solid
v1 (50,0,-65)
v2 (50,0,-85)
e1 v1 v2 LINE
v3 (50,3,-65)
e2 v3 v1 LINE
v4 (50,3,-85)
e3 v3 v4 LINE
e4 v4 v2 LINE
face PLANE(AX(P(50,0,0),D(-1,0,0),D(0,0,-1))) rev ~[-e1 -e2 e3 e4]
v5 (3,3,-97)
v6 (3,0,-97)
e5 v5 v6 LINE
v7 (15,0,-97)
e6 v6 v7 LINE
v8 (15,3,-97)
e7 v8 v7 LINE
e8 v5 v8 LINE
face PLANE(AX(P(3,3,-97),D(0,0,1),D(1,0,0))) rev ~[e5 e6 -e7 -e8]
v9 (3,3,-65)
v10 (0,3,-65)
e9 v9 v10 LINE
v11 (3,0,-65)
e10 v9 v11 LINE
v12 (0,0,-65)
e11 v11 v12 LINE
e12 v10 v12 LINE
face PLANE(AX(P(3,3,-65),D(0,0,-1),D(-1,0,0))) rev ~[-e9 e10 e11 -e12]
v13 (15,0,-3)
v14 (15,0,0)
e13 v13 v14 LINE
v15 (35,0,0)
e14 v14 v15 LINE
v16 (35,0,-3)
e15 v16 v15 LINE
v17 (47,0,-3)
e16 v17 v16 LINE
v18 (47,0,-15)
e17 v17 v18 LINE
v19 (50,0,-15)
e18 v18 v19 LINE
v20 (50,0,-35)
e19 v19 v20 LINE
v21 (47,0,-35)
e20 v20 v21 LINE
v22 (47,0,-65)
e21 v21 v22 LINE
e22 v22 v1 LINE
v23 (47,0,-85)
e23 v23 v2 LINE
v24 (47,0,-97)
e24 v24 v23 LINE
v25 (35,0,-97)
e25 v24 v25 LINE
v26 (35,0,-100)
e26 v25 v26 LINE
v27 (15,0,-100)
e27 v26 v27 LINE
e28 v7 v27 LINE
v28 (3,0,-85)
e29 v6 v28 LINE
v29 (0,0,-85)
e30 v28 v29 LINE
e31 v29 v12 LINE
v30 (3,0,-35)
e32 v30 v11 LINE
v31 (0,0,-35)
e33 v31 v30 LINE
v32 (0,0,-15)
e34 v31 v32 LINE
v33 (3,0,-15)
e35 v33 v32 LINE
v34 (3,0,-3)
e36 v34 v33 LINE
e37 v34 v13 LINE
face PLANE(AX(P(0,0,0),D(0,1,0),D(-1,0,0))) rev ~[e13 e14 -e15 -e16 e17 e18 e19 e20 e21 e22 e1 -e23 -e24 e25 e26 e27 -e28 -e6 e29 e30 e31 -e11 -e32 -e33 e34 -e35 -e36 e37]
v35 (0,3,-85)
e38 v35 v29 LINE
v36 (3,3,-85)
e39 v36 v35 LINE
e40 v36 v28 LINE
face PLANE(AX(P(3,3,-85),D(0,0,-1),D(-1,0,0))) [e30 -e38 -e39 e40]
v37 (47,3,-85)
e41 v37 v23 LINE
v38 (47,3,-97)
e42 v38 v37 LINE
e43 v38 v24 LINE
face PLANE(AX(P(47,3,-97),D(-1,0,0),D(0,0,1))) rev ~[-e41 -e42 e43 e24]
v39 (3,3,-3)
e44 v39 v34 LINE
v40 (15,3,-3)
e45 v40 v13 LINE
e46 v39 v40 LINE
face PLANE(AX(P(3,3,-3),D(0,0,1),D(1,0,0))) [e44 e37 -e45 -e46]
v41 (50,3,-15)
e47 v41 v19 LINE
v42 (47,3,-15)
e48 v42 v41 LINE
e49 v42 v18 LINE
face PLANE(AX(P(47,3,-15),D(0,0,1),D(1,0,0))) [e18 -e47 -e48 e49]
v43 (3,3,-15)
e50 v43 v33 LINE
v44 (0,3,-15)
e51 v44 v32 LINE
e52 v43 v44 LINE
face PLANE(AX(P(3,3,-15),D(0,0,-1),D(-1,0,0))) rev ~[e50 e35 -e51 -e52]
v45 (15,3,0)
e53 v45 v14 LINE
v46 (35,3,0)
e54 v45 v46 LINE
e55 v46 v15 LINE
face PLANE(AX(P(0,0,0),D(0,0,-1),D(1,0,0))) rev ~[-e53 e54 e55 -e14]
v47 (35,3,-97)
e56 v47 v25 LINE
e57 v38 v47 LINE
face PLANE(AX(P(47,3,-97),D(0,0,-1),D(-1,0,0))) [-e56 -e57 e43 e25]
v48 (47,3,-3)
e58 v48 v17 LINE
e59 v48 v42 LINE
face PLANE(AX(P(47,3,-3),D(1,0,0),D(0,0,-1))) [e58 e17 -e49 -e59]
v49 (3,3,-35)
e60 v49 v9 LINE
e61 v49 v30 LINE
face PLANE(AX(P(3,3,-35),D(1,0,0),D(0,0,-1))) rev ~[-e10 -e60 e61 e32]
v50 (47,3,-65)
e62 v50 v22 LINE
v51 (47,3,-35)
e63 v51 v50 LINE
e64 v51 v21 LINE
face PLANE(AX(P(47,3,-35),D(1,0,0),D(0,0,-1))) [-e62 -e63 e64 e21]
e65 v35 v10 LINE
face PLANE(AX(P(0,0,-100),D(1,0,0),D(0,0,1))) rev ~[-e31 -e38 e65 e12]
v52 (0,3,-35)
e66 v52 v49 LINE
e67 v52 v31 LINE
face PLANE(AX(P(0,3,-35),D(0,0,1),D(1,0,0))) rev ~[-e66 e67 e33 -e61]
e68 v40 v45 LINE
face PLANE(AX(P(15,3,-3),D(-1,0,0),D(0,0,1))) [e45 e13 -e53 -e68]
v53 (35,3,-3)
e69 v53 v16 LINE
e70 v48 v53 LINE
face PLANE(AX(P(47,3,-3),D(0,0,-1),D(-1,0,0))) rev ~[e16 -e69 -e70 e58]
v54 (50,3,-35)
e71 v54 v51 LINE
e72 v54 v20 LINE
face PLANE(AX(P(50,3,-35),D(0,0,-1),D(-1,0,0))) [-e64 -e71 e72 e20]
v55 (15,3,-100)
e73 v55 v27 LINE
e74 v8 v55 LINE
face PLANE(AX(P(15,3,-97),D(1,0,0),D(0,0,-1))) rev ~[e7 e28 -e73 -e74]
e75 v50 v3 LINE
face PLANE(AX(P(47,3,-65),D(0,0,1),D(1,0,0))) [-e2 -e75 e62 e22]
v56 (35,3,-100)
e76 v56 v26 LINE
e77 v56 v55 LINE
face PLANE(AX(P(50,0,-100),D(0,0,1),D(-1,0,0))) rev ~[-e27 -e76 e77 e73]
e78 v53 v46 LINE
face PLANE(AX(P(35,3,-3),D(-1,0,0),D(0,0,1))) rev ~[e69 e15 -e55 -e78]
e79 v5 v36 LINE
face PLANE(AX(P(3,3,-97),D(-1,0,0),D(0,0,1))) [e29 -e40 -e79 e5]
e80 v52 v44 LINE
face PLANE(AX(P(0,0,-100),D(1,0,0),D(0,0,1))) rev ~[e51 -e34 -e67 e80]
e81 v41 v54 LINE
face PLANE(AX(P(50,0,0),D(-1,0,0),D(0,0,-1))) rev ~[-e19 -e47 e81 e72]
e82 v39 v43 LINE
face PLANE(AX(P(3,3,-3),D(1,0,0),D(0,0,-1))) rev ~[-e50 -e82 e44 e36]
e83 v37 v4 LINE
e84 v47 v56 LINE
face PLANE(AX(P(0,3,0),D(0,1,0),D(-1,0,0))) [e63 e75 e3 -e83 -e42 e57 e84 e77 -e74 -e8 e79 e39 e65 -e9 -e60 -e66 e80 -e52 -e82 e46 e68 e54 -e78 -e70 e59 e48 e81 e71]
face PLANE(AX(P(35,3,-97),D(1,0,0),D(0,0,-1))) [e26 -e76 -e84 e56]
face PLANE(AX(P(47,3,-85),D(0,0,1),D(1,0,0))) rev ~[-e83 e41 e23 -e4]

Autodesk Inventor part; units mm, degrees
ref_plane "YZ Plane" through (0, 0, 0) normal (1, 0, 0) x (0, 1, 0)
ref_plane "XZ Plane" through (0, 0, 0) normal (0, 1, 0) x (-1, 0, 0)
ref_plane "XY Plane" through (0, 0, 0) normal (0, 0, 1) x (1, 0, 0)
sketch "Sketch1" plane through (0, 0, 0) normal (0, 1, 0) x (-1, 0, 0)
  line L0 (0, 0) -> (-50, 0)
  line L1 (-50, 0) -> (-50, -100)
  line L2 (-50, -100) -> (0, -100)
  line L3 (0, -100) -> (0, 0)
  dimension "d0" = 100
  dimension "d1" = 50
extrude "Base" add sketch "Sketch1" along normal blind 3
sketch "Sketch2" plane through (0, 3, 0) normal (0, 1, 0) x (1, 0, 0)
  line L0 (0, 0) -> (50, 0) projected
  line L1 (50, 100) -> (0, 100) projected
  line L2 (0, 0) -> (3, 0)
  line L3 (3, 100) -> (0, 100)
  line L4 (0, 100) -> (0, 0)
  line L5 (0, 100) -> (0, 0) projected
  line L6 (0, 0) -> (3, 0)
  line L7 (3, 0) -> (3, 15)
  line L8 (3, 15) -> (0, 15)
  line L9 (0, 15) -> (0, 0)
  line L10 (0, 100) -> (3, 100)
  line L11 (3, 100) -> (3, 85)
  line L12 (3, 85) -> (0, 85)
  line L13 (0, 85) -> (0, 100)
  line L14 (0, 35) -> (3, 35)
  line L15 (3, 35) -> (3, 65)
  line L16 (3, 65) -> (0, 65)
  line L17 (0, 65) -> (0, 35)
  line L18 (25, 0) -> (25, 100) construction
  line L19 (50, 0) -> (47, 0)
  line L20 (47, 100) -> (50, 100)
  line L21 (50, 100) -> (50, 0)
  line L22 (50, 100) -> (50, 0)
  line L23 (50, 0) -> (47, 0)
  line L24 (47, 0) -> (47, 15)
  line L25 (47, 15) -> (50, 15)
  line L26 (50, 15) -> (50, 0)
  line L27 (50, 100) -> (47, 100)
  line L28 (47, 100) -> (47, 85)
  line L29 (47, 85) -> (50, 85)
  line L30 (50, 85) -> (50, 100)
  line L31 (50, 35) -> (47, 35)
  line L32 (47, 35) -> (47, 65)
  line L33 (47, 65) -> (50, 65)
  line L34 (50, 65) -> (50, 35)
  line L35 (0, 50) -> (50, 50) construction
  line L36 (50, 0) -> (50, 100) projected
  line L37 (15, 0) -> (3, 0)
  line L38 (3, 0) -> (3, 3)
  line L39 (3, 3) -> (15, 3)
  line L40 (15, 3) -> (15, 0)
  line L41 (50, 0) -> (0, 0)
  line L42 (35, 0) -> (47, 0)
  line L43 (47, 3) -> (35, 3)
  line L44 (35, 3) -> (35, 0)
  line L45 (0, 100) -> (50, 100)
  line L46 (25, 100) -> (25, 0) construction
  line L47 (15, 100) -> (3, 100)
  line L48 (3, 97) -> (15, 97)
  line L49 (15, 97) -> (15, 100)
  line L50 (50, 100) -> (0, 100)
  line L51 (47, 97) -> (35, 97)
  line L52 (35, 100) -> (47, 100)
  line L53 (35, 97) -> (35, 100)
  point P0 (0, 15)
  point P1 (0, 85)
  point P2 (3, 100)
  point P3 (0, 100)
  point P4 (0, 65)
  point P5 (0, 35)
  point P6 (47, 100)
  point P7 (50, 100)
  point P8 (47, 97)
  point P9 (35, 100)
  point P10 (15, 100)
  point P11 (3, 97)
  dimension "d10" = 15
  dimension "d11" = 15
  dimension "d12" = 20
  dimension "d13" = 20
  dimension "d14" = 30
  dimension "d15" = 3
  dimension "d21" = 3
  dimension "d22" = 10
extrude "Tabs" cut sketch "Sketch2" against normal through all contours L4 L8 L7 L0 | L7 L39 L40 L0 | L4 L16 L15 L14 | L44 L43 L24 L0 | L24 L25 L21 L0 | L4 L1 L11 L12 | L1 L49 L48 L11 | L31 L32 L33 L21 | L1 L28 L51 L53 | L29 L28 L1 L21
equation "\"d0\" = Width"
equation "\"d10\" = WidthTabOffset"
equation "\"d11\" = d10"
equation "\"d12\" = BaseTabWidth"
equation "\"d13\" = d12"
equation "\"d15\" = Thickness"
equation "\"d21\" = d15"
equation "\"d22\" = 0.5 * BaseTabWidth"
equation "\"Width\" = 100"
equation "\"WidthTabOffset\" = 15"
equation "\"BaseTabWidth\" = 20"
equation "\"Thickness\" = 3"
properties part number "ShortSide"
